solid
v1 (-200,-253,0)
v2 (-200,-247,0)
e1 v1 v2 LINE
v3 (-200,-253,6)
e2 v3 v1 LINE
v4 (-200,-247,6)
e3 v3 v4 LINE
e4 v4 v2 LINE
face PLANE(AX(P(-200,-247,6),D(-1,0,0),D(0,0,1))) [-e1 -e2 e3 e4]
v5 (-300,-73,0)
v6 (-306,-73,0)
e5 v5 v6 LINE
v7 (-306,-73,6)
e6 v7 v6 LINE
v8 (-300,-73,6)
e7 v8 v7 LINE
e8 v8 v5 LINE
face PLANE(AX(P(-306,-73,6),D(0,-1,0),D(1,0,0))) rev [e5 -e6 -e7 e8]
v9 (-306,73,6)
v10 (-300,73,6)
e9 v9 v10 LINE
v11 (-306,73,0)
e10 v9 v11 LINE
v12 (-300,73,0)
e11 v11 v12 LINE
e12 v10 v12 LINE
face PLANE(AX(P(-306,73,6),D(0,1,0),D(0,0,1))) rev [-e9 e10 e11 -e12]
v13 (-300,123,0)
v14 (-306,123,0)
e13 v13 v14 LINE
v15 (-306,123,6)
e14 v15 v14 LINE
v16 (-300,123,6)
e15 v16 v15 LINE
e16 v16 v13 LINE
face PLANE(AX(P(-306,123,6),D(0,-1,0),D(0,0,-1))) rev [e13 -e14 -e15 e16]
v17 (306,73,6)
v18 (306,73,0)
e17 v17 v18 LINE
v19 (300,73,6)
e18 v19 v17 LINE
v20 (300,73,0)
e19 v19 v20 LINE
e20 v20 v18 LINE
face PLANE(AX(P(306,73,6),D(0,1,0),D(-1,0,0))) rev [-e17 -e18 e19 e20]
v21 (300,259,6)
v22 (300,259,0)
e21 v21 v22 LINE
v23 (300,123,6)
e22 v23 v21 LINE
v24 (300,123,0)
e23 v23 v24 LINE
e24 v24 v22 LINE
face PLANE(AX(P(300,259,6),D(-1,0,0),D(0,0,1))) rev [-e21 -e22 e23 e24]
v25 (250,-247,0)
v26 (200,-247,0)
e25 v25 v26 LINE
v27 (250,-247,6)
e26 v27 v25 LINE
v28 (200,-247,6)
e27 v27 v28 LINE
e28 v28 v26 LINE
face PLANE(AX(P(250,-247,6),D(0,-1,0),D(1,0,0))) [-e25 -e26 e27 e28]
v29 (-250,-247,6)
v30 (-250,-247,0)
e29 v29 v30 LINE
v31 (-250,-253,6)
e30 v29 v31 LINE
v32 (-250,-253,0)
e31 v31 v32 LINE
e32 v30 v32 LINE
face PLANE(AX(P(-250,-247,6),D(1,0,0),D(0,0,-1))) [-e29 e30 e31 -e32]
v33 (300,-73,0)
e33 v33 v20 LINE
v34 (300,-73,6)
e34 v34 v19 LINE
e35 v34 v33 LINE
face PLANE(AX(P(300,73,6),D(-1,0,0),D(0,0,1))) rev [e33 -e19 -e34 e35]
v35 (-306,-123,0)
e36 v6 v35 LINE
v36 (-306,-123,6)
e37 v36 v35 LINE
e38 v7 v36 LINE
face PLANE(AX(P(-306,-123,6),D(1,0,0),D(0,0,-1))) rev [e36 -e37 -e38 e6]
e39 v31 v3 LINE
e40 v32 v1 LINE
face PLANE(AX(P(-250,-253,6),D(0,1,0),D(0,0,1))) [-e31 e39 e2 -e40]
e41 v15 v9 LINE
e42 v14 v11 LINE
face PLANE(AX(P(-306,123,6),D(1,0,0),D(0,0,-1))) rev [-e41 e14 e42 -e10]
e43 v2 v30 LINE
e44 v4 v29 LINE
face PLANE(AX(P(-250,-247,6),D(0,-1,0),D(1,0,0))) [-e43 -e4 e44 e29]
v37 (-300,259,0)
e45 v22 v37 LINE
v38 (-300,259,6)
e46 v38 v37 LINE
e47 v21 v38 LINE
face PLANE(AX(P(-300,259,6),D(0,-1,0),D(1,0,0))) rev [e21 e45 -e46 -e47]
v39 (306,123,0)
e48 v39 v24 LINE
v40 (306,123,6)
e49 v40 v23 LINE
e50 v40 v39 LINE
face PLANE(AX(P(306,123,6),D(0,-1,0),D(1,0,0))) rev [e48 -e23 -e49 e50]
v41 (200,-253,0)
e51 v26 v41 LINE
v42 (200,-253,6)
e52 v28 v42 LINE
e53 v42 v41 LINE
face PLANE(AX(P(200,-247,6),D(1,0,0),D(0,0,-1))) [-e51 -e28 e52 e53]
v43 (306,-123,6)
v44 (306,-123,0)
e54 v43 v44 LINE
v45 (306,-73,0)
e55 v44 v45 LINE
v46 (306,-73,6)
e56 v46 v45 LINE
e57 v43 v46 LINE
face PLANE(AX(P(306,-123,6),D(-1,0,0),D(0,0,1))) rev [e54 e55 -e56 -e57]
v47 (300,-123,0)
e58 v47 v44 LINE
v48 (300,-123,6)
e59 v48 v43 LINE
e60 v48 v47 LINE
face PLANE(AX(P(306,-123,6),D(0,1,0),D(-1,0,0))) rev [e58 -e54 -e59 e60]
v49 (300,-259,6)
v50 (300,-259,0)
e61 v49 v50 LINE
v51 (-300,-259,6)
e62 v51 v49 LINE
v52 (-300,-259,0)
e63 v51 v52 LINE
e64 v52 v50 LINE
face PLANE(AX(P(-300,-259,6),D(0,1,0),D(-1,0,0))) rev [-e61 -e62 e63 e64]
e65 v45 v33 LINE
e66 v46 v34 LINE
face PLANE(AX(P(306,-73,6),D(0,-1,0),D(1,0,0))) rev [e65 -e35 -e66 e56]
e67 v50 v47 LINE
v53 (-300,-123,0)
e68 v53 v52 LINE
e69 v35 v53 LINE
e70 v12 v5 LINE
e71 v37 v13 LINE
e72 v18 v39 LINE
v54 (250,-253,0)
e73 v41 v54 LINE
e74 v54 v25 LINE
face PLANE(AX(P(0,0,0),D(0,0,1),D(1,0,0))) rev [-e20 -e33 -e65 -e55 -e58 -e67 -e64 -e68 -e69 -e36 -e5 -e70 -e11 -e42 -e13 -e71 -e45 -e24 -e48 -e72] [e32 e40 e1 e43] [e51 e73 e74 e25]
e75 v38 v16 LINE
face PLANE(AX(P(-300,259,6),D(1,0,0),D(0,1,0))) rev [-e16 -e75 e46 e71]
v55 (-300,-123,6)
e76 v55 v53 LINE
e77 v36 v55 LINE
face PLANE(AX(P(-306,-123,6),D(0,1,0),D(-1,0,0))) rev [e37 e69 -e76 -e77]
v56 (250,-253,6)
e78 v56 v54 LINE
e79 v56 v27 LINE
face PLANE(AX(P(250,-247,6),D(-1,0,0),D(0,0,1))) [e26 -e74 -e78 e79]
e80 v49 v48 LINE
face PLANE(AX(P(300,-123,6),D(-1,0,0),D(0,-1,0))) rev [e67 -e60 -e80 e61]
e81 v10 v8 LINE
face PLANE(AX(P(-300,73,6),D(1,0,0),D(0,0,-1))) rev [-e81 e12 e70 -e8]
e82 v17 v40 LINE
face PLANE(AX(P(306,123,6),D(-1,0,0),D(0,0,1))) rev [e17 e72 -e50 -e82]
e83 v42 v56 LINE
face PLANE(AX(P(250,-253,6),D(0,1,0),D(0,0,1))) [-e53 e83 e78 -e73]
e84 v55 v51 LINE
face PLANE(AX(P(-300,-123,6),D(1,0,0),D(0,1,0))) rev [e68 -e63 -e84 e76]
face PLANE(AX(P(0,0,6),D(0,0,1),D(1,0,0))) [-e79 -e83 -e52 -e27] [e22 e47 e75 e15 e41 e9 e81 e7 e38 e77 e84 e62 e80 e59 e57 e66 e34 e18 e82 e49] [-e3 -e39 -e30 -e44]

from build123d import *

# Parameters (mm, degrees)
SKETCH1_W           = 50
SKETCH1_H           = 6
BOSS_EXTRUDE1_DEPTH = 6


with BuildPart() as part:
    # Sketch1 → Boss-Extrude1 (new body)
    with BuildSketch(Plane.XY):
        Polygon((-300, 259), (300, 259), (300, 123), (306, 123), (306, 73), (300, 73), (300, -73), (306, -73), (306, -123), (300, -123), (300, -259), (-300, -259), (-300, -123), (-306, -123), (-306, -73), (-300, -73), (-300, 73), (-306, 73), (-306, 123), (-300, 123), align=None)
        with Locations((225, -250)):
            Rectangle(SKETCH1_W, SKETCH1_H, mode=Mode.SUBTRACT)
        with Locations((-225, -250)):
            Rectangle(SKETCH1_W, SKETCH1_H, mode=Mode.SUBTRACT)
    extrude(amount=BOSS_EXTRUDE1_DEPTH)


solid = part.part
